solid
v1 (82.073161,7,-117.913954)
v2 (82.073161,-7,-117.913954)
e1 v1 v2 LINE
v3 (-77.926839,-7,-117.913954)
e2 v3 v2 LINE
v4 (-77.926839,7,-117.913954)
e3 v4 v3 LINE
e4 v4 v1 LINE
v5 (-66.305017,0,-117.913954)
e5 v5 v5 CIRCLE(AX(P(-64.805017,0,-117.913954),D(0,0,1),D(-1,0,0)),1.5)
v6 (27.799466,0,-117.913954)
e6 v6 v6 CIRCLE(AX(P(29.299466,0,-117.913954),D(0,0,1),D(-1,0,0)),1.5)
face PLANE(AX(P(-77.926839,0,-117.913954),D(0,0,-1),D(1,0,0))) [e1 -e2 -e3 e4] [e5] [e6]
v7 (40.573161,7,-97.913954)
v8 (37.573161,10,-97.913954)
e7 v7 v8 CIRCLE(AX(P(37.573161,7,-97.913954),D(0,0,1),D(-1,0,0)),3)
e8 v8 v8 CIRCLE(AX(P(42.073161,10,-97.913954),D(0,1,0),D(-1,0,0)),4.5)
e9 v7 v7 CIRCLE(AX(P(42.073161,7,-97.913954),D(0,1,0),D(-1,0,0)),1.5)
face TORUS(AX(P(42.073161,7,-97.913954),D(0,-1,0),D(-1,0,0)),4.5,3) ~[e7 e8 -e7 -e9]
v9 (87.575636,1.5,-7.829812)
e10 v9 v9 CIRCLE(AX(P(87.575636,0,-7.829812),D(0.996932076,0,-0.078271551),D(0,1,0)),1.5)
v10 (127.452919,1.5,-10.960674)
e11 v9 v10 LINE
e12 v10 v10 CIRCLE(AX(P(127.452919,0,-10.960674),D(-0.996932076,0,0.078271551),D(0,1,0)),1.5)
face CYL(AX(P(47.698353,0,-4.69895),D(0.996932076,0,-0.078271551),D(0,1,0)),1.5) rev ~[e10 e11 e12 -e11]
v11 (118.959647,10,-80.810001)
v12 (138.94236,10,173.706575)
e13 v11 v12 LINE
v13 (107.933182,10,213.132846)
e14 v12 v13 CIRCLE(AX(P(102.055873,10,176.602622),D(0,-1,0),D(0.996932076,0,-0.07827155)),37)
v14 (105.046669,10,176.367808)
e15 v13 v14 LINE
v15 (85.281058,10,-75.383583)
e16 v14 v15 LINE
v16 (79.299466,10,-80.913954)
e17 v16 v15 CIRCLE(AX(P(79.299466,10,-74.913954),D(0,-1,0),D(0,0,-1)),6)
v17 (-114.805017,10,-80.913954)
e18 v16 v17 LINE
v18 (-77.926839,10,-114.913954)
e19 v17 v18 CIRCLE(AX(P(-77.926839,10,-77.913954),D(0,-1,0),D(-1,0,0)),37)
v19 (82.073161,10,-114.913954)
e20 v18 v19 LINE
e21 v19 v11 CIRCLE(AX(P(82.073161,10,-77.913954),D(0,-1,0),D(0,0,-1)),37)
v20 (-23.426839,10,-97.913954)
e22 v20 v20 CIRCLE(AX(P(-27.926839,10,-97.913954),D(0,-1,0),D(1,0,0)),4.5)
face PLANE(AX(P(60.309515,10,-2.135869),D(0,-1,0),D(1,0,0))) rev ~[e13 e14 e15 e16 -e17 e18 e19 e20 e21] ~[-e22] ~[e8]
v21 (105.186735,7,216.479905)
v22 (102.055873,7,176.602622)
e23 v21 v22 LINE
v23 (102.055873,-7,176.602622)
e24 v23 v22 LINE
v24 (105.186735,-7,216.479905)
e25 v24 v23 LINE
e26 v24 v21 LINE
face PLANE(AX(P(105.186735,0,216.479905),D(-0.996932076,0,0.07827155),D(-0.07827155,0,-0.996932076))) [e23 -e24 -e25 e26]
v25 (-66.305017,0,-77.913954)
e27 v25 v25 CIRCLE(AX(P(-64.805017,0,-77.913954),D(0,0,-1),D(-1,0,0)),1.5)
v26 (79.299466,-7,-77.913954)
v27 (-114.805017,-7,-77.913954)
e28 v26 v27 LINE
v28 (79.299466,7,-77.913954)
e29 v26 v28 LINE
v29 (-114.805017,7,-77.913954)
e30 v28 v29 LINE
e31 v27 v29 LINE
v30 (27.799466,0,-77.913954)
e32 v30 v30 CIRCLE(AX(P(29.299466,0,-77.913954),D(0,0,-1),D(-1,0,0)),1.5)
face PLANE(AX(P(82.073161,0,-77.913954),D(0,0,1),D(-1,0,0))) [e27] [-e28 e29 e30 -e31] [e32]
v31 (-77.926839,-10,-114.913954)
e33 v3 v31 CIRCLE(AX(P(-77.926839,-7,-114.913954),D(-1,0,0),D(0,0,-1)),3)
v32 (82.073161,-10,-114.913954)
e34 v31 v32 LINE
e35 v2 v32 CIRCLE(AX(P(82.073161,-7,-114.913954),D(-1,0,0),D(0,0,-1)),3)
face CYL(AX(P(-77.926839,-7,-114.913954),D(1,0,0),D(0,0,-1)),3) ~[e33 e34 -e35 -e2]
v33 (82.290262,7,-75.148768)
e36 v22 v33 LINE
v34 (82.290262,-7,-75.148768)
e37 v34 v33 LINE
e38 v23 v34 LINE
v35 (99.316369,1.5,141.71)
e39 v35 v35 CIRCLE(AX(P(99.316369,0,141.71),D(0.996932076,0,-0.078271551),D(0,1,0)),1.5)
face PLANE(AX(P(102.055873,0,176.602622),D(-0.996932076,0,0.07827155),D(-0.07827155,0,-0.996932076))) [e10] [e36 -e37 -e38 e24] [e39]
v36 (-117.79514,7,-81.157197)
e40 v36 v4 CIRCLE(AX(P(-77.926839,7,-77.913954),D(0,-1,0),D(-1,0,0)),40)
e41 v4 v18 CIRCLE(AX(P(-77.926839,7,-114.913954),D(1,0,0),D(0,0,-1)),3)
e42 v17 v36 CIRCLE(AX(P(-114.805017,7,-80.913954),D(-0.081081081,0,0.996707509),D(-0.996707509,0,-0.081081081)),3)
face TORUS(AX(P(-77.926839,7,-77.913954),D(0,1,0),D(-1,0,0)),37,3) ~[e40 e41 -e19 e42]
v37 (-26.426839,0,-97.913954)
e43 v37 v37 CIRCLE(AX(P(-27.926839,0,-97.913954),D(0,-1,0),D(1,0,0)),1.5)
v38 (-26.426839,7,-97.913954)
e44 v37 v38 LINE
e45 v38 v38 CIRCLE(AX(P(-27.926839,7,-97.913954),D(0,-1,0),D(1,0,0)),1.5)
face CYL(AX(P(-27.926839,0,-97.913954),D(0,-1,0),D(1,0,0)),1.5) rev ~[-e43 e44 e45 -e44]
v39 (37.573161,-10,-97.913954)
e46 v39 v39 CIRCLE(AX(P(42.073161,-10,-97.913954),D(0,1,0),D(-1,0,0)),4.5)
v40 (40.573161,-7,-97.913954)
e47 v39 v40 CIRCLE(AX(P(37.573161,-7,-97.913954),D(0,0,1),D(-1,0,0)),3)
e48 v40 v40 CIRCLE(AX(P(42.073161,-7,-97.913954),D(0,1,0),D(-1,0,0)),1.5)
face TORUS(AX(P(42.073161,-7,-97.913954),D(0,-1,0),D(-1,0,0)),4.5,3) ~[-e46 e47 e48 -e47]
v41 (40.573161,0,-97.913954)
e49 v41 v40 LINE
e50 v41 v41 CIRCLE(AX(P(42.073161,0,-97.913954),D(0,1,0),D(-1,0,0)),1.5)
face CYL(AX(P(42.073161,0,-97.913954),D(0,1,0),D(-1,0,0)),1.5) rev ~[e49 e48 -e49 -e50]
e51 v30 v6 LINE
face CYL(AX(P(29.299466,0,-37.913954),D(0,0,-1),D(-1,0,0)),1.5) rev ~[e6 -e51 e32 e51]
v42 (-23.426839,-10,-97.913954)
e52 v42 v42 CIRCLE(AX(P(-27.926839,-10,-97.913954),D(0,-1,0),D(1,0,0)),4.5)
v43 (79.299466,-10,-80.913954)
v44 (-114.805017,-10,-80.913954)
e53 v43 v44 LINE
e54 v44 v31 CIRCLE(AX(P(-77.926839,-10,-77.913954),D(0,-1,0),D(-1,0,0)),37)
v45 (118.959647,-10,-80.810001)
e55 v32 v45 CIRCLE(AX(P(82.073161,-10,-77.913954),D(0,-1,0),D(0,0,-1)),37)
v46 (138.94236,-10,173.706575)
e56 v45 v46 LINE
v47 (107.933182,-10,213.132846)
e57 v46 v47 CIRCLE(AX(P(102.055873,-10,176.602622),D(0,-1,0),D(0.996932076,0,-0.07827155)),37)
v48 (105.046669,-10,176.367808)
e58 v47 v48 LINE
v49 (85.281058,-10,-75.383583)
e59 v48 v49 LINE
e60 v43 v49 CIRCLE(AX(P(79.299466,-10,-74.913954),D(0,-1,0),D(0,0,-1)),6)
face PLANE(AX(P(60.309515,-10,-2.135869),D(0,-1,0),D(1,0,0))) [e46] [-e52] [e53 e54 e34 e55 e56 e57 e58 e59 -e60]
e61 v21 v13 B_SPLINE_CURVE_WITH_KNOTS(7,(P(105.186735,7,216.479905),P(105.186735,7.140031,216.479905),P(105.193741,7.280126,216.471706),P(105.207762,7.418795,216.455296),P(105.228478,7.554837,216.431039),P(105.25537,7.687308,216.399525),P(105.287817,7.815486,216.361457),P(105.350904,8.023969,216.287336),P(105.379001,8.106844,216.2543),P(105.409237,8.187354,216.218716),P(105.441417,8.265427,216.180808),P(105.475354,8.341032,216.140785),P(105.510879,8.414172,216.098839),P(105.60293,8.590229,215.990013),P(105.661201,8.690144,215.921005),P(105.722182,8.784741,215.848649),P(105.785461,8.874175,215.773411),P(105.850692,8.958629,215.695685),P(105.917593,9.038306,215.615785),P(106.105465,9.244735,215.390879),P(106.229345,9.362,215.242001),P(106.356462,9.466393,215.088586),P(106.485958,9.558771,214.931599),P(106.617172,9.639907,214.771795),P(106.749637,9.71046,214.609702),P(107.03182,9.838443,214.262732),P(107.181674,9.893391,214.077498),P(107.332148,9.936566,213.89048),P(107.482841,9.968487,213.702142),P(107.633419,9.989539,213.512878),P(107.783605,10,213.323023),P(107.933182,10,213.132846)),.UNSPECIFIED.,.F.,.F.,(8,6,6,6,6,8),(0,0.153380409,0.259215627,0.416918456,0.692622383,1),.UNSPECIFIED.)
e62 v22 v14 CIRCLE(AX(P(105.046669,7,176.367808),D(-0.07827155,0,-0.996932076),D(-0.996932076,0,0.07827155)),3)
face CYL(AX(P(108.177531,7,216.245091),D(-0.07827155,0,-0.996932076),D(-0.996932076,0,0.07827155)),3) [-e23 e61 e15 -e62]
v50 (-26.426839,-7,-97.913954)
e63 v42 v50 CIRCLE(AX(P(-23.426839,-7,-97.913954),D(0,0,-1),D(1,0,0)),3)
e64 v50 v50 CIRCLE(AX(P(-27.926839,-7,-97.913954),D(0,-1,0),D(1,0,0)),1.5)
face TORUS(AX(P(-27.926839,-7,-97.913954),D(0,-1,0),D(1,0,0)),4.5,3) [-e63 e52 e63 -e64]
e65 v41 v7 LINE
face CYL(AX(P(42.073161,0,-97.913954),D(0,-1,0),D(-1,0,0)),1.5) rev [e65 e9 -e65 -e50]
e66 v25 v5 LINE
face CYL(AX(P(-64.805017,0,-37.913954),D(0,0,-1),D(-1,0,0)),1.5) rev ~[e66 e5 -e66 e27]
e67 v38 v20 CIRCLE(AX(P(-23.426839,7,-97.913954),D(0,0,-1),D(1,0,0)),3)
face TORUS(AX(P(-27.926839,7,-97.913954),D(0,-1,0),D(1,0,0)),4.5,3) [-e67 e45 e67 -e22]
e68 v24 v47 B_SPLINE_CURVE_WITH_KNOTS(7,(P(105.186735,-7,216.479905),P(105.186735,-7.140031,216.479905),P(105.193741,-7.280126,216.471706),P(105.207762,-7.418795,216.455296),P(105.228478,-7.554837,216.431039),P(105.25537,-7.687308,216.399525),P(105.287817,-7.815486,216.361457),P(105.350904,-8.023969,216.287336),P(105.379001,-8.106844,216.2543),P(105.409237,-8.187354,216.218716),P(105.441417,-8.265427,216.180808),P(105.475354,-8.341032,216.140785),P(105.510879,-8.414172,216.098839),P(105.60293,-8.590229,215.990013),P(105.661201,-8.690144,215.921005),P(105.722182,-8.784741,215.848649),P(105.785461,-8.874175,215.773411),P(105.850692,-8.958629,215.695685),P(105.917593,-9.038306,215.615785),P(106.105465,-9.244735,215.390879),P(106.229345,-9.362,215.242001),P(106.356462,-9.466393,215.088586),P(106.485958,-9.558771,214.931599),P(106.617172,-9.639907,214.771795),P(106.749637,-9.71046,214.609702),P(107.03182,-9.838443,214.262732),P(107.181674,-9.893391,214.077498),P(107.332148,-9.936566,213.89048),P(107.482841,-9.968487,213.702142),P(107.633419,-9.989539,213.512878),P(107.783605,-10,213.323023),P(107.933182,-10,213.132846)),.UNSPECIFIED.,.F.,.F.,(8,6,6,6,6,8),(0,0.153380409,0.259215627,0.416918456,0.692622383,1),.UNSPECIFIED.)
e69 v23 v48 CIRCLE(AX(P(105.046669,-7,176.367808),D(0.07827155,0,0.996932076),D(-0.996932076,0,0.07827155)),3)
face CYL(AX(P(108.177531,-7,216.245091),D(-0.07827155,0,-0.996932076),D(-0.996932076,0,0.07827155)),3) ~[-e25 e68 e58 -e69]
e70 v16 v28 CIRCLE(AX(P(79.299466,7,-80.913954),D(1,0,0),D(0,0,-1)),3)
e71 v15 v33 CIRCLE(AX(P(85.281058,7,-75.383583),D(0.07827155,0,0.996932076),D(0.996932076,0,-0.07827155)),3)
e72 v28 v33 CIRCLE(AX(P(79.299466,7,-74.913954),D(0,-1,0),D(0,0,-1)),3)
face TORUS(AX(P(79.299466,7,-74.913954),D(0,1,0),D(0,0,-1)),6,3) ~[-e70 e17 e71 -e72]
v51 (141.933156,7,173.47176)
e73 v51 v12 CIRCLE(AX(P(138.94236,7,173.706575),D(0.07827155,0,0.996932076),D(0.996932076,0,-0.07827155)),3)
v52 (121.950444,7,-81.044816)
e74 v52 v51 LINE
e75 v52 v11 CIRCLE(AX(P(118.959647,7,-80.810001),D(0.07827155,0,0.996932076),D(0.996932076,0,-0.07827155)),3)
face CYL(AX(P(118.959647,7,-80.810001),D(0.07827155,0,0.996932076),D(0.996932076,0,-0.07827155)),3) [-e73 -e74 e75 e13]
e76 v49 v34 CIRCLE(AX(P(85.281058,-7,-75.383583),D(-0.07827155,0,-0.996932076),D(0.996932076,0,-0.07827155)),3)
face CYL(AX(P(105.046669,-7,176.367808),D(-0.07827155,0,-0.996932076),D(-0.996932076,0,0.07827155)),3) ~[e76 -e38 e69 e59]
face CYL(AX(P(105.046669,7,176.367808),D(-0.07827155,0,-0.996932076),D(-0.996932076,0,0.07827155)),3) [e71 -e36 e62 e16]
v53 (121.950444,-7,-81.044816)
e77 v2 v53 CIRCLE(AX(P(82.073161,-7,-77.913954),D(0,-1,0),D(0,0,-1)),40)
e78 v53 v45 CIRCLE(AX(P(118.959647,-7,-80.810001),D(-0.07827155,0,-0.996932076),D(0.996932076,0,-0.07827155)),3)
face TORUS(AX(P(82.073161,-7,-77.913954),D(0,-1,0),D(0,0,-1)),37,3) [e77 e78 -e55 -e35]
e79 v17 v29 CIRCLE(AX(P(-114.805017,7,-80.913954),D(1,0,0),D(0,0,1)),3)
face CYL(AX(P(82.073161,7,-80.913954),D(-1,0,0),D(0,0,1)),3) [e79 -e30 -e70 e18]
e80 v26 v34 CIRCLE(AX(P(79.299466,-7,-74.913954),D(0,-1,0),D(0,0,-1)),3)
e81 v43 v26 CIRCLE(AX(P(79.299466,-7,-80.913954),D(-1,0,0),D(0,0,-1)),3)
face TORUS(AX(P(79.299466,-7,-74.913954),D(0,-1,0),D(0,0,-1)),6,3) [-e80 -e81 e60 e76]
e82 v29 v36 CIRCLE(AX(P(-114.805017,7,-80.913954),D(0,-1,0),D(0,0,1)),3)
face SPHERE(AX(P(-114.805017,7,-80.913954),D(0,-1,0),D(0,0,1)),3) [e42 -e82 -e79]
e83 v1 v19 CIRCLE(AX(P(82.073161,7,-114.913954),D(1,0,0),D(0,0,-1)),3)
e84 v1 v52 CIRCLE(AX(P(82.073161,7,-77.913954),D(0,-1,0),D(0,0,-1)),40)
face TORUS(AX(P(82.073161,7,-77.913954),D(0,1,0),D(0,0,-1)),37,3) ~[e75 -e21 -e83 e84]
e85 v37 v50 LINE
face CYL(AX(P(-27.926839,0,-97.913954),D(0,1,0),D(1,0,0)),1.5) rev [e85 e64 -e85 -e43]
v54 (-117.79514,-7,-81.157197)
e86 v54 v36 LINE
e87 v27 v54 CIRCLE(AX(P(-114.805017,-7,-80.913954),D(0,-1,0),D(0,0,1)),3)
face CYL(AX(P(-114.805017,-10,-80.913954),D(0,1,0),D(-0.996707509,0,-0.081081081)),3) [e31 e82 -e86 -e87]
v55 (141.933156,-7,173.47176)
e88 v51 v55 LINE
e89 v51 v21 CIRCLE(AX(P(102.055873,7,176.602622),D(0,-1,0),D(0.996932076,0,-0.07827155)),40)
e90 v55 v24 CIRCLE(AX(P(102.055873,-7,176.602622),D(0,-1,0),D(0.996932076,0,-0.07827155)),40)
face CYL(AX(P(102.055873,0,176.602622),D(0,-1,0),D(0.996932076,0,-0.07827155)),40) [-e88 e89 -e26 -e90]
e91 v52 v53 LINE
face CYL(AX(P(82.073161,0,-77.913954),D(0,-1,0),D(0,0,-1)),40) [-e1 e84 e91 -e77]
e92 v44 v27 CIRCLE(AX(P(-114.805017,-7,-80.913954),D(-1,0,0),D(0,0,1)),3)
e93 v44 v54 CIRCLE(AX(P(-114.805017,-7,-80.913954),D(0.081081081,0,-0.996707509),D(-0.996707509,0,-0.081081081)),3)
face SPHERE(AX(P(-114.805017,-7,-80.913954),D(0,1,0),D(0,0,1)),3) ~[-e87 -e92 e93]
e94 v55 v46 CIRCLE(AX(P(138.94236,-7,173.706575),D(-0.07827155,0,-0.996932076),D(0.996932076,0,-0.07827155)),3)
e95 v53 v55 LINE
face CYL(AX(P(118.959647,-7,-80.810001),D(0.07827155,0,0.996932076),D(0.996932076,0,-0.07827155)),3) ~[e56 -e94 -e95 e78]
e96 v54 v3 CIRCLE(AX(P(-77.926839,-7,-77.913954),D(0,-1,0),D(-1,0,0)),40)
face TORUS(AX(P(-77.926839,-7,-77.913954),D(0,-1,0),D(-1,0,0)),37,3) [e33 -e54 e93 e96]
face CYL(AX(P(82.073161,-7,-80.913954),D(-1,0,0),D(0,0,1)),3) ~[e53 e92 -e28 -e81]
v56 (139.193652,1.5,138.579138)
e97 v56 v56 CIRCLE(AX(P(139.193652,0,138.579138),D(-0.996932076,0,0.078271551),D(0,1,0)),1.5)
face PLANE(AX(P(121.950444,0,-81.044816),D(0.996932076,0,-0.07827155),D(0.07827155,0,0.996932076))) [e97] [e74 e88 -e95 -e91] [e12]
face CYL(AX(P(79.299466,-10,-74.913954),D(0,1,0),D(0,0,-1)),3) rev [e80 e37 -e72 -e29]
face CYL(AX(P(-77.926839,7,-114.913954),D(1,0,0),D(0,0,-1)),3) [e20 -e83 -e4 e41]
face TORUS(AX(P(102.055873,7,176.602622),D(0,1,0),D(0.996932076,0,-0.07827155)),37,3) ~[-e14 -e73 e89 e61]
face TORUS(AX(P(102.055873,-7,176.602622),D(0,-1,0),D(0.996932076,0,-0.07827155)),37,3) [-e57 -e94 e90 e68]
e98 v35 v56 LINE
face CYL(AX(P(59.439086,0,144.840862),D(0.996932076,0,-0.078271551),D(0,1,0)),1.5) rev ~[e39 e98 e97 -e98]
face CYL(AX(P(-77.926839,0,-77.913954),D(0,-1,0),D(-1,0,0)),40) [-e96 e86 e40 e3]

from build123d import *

# Parameters (mm, degrees)
F0_R     = 1.5
F1_DEPTH = 10
F2_R     = 3
F4_D     = 3
F4_DEPTH = 40
F4_TIP   = 0.9012909285
F5_D     = 3
F5_DEPTH = 40
F5_TIP   = 0.9012909285
F7_D     = 3
F7_DEPTH = 40
F7_TIP   = 0.9012909285


with BuildPart() as f1:
    # F0 (on Front) → F1 (new body, symmetric)
    with BuildSketch(Plane.XZ):
        with BuildLine():
            Line((-77.9268393369, -77.9139535325), (-117.9268393369, -77.9139535325))
            ThreePointArc((-117.9268393369, -77.9139535325), (-106.2111105844, -106.1982247799), (-77.9268393369, -117.9139535325))
            Line((-77.9268393369, -117.9139535325), (82.0731606631, -117.9139535325))
            ThreePointArc((82.0731606631, -117.9139535325), (109.2279532347, -107.2842998088), (121.9504437076, -81.0448155521))
            Line((121.9504437076, -81.0448155521), (141.9331561761, 173.4717604288))
            ThreePointArc((141.9331561761, 173.4717604288), (132.4672241527, 202.5862659395), (105.1867351512, 216.4799054929))
            Line((105.1867351512, 216.4799054929), (102.0558731315, 176.6026224484))
            Line((102.0558731315, 176.6026224484), (82.0731606631, -77.9139535325))
            Line((82.0731606631, -77.9139535325), (-77.9268393369, -77.9139535325))
        make_face()
        with Locations((-27.9268393369, -97.9139535325)):
            Circle(F0_R, mode=Mode.SUBTRACT)
        with BuildLine():
            ThreePointArc((43.5731606631, -97.9139535325), (42.0731606631, -99.4139535325), (40.5731606631, -97.9139535325))
            ThreePointArc((40.5731606631, -97.9139535325), (42.0731606631, -96.4139535325), (43.5731606631, -97.9139535325))
        make_face(mode=Mode.SUBTRACT)
    extrude(amount=F1_DEPTH, both=True)

    # F2
    f2_edges = [f1.edges().sort_by_distance(p)[0] for p in [
        (-17.926839, -10, -77.913954),
        (-106.211111, -10, -106.198225),
        (2.073161, -10, -117.913954),
        (109.227953, -10, -107.2843),
        (131.9418, -10, 46.213472),
        (132.467224, -10, 202.586266),
        (93.629948, -10, 69.282976),
        (-29.426839, -10, -97.913954),
        (43.573161, -10, -97.913954),
        (-17.926839, 10, -77.913954),
        (-106.211111, 10, -106.198225),
        (2.073161, 10, -117.913954),
        (109.227953, 10, -107.2843),
        (131.9418, 10, 46.213472),
        (132.467224, 10, 202.586266),
        (93.629948, 10, 69.282976),
        (-29.426839, 10, -97.913954),
        (43.573161, 10, -97.913954),
        (-117.926839, 0, -77.913954),
        (82.073161, 0, -77.913954),
    ]]
    fillet(f2_edges, radius=F2_R)

    # F4
    with Locations(Plane.XY.offset(-77.9139535325)):
        with Locations((-64.8050171661, 0)):
            Hole(F4_D / 2, depth=F4_DEPTH)
            with Locations((0, 0, -(F4_DEPTH + F4_TIP / 2))):  # 118° drill point
                Cone(0, F4_D / 2, F4_TIP, mode=Mode.SUBTRACT)

    # F5
    with Locations(Plane.XY.offset(-77.9139535325)):
        with Locations((29.2994658299, 0)):
            Hole(F5_D / 2, depth=F5_DEPTH)
            with Locations((0, 0, -(F5_DEPTH + F5_TIP / 2))):  # 118° drill point
                Cone(0, F5_D / 2, F5_TIP, mode=Mode.SUBTRACT)

    # F7
    with Locations(Plane(origin=(87.6500811083, 0, -6.8816200355), x_dir=(0, -1, 0), z_dir=(-0.9969320761, 0, 0.0782715505))):
        with Locations((0, 149.0488904712), (0, -0.9511095288)):
            Hole(F7_D / 2, depth=F7_DEPTH)
            with Locations((0, 0, -(F7_DEPTH + F7_TIP / 2))):  # 118° drill point
                Cone(0, F7_D / 2, F7_TIP, mode=Mode.SUBTRACT)


solid = f1.part
